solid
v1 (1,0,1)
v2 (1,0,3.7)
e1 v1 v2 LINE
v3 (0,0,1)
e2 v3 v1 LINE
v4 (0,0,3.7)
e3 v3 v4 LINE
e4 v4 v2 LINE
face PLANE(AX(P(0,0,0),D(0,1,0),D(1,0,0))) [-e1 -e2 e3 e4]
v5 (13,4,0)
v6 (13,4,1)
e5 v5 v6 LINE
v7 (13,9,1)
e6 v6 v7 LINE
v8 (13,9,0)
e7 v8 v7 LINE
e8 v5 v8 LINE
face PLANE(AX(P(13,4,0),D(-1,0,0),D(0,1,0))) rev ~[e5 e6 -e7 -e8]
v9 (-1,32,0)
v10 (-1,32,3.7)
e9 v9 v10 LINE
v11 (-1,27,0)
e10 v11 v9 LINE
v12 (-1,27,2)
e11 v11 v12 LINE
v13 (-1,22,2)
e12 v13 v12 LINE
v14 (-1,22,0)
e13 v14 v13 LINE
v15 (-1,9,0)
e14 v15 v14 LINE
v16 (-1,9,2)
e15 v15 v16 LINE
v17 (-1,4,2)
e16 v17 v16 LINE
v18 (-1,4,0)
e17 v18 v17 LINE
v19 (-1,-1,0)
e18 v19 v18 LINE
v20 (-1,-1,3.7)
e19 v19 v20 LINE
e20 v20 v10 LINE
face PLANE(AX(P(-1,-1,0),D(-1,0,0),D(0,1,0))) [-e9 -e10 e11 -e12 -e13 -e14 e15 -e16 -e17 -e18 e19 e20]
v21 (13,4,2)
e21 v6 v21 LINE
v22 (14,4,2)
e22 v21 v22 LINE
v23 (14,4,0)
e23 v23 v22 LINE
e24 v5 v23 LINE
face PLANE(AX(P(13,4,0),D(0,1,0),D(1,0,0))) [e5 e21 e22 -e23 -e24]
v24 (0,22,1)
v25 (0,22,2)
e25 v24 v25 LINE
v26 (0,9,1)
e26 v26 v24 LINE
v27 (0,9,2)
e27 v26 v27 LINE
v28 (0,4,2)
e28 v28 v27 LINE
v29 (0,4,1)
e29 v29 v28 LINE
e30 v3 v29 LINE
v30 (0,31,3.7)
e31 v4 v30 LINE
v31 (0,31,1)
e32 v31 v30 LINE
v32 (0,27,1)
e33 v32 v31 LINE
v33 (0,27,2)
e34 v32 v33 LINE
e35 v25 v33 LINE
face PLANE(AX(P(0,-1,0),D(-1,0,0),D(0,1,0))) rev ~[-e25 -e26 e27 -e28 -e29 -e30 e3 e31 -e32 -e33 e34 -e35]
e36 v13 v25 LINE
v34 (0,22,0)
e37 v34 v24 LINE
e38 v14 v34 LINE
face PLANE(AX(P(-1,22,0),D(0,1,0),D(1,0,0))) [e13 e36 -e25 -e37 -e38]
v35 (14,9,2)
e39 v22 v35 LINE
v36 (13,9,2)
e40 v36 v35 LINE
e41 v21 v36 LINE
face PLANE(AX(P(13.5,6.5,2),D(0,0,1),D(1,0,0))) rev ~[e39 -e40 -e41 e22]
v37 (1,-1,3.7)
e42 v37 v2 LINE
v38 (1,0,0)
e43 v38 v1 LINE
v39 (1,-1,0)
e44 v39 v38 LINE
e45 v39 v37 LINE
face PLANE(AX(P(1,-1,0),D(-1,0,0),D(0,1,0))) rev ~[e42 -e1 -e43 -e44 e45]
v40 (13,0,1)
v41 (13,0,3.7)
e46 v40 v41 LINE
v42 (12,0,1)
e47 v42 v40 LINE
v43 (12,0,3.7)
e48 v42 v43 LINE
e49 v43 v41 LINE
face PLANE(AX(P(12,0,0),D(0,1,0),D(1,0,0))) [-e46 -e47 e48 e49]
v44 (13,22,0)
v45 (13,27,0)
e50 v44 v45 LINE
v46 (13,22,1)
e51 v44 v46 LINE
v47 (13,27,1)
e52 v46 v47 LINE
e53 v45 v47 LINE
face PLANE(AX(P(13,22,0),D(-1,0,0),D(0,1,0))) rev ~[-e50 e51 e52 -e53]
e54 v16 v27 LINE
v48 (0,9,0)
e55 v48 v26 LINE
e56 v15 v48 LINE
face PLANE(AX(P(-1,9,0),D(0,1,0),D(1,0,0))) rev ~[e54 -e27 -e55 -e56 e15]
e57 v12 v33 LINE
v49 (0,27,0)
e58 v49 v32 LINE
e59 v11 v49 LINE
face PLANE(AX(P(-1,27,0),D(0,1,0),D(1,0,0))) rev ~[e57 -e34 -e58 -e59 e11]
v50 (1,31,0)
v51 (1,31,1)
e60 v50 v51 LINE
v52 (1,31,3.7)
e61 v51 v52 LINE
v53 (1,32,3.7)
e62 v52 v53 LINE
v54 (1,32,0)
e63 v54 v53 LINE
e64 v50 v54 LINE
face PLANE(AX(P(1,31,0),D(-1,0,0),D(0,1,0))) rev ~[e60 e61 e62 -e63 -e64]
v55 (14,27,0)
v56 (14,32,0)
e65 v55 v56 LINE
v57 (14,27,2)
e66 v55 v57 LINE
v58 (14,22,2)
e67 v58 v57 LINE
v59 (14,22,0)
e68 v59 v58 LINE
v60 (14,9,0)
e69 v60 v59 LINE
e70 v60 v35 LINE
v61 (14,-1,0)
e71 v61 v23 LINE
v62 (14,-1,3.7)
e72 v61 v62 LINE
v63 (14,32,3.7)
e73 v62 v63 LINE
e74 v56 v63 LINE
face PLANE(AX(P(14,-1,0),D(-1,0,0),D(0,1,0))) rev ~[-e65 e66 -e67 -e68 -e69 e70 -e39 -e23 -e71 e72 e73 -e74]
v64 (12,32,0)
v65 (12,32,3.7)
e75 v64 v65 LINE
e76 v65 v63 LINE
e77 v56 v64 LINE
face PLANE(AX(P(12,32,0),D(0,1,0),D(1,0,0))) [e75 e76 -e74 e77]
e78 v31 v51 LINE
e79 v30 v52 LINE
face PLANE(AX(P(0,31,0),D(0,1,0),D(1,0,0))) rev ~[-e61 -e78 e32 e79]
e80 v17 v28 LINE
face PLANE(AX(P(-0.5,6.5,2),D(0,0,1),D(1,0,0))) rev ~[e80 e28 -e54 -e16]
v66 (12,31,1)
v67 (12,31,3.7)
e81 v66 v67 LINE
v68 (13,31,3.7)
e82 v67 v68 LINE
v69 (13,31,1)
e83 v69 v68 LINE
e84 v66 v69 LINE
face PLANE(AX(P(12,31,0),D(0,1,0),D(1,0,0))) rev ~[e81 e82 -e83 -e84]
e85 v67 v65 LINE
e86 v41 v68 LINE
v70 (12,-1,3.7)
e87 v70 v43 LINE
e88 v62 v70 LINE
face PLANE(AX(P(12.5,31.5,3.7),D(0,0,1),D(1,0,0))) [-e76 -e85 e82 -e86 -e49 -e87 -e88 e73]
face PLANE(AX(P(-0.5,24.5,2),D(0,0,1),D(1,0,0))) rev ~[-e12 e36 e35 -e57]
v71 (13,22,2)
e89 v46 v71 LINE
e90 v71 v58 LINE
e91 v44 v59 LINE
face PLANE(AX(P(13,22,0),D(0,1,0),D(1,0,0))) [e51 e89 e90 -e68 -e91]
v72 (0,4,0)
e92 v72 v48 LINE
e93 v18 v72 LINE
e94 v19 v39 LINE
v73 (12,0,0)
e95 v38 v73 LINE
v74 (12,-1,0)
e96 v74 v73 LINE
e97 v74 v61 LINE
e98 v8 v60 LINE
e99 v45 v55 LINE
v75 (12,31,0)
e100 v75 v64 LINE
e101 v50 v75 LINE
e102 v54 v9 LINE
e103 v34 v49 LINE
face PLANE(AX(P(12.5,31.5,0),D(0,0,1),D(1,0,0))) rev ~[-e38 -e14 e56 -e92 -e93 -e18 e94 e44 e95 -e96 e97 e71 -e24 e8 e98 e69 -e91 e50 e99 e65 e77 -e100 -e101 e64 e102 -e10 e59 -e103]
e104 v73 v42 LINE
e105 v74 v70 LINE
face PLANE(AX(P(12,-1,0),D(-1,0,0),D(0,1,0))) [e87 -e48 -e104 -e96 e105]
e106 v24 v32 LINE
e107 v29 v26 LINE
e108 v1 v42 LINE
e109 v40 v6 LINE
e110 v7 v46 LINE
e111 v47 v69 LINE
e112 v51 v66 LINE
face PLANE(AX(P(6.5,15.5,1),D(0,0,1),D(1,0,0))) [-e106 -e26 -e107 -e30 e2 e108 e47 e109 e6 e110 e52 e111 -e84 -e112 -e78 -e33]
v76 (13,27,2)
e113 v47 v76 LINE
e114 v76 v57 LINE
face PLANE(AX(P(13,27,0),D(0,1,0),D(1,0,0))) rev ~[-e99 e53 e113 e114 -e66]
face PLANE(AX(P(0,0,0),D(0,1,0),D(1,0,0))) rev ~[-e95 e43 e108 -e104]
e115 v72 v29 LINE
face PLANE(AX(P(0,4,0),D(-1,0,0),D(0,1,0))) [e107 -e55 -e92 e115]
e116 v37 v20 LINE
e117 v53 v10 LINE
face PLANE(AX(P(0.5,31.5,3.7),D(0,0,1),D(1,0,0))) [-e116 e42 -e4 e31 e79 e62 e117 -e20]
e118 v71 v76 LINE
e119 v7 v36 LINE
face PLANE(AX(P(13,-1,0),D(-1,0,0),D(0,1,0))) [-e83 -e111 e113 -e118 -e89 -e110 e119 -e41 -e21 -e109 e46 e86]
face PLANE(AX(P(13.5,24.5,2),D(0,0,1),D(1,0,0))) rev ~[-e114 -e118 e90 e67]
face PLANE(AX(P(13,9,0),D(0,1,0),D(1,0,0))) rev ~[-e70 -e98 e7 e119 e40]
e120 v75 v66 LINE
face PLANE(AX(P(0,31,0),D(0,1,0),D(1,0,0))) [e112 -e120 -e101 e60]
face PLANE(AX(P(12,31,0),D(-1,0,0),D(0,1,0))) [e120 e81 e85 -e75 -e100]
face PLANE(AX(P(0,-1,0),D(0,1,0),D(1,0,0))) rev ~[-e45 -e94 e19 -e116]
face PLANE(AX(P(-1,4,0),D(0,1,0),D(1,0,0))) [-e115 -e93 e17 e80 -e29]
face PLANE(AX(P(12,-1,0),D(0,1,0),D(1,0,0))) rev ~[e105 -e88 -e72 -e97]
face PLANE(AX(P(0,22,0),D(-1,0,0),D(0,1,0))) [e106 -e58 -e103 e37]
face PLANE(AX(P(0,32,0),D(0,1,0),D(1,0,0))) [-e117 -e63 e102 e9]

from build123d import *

# Parameters (mm, degrees)
BOX012_W     = 1
BOX012_H     = 5
BOX012_DEPTH = 2
BOX011_W     = 1
BOX011_H     = 5
BOX011_DEPTH = 2
BOX010_W     = 1
BOX010_H     = 5
BOX010_DEPTH = 2
BOX013_W     = 1
BOX013_H     = 5
BOX013_DEPTH = 2
BOX001_W     = 1
BOX001_H     = 33
BOX001_DEPTH = 3.7
BOX002_W     = 1
BOX002_H     = 33
BOX002_DEPTH = 3.7
BOX004_W     = 1
BOX004_H     = 1
BOX004_DEPTH = 3.7
BOX003_W     = 1
BOX003_H     = 1
BOX003_DEPTH = 3.7
BOX005_W     = 1
BOX005_H     = 1
BOX005_DEPTH = 3.7
BOX006_W     = 1
BOX006_H     = 1
BOX006_DEPTH = 3.7
BOX_W        = 13
BOX_H        = 31
BOX_DEPTH    = 1


with BuildPart() as cube012:
    # Box012 → Box012 (new body)
    with BuildSketch(Plane(origin=(-1, 4, 0), x_dir=(1, 0, 0), z_dir=(0, 0, 1))):
        with Locations((0.5, 2.5)):
            Rectangle(BOX012_W, BOX012_H)
    extrude(amount=BOX012_DEPTH)


with BuildPart() as cube011:
    # Box011 → Box011 (new body)
    with BuildSketch(Plane(origin=(13, 22, 0), x_dir=(1, 0, 0), z_dir=(0, 0, 1))):
        with Locations((0.5, 2.5)):
            Rectangle(BOX011_W, BOX011_H)
    extrude(amount=BOX011_DEPTH)


with BuildPart() as cube010:
    # Box010 → Box010 (new body)
    with BuildSketch(Plane(origin=(13, 4, 0), x_dir=(1, 0, 0), z_dir=(0, 0, 1))):
        with Locations((0.5, 2.5)):
            Rectangle(BOX010_W, BOX010_H)
    extrude(amount=BOX010_DEPTH)


with BuildPart() as fusion:
    # Box013 → Box013 (new body)
    with BuildSketch(Plane(origin=(-1, 22, 0), x_dir=(1, 0, 0), z_dir=(0, 0, 1))):
        with Locations((0.5, 2.5)):
            Rectangle(BOX013_W, BOX013_H)
    extrude(amount=BOX013_DEPTH)

    # Fusion: union Cube012, Cube011, Cube010
    add(cube012.part)
    add(cube011.part)
    add(cube010.part)


with BuildPart() as cube001:
    # Box001 → Box001 (new body)
    with BuildSketch(Plane(origin=(-1, -1, 0), x_dir=(1, 0, 0), z_dir=(0, 0, 1))):
        with Locations((0.5, 16.5)):
            Rectangle(BOX001_W, BOX001_H)
    extrude(amount=BOX001_DEPTH)


with BuildPart() as cube002:
    # Box002 → Box002 (new body)
    with BuildSketch(Plane(origin=(13, -1, 0), x_dir=(1, 0, 0), z_dir=(0, 0, 1))):
        with Locations((0.5, 16.5)):
            Rectangle(BOX002_W, BOX002_H)
    extrude(amount=BOX002_DEPTH)


with BuildPart() as cube004:
    # Box004 → Box004 (new body)
    with BuildSketch(Plane(origin=(12, -1, 0), x_dir=(1, 0, 0), z_dir=(0, 0, 1))):
        with Locations((0.5, 0.5)):
            Rectangle(BOX004_W, BOX004_H)
    extrude(amount=BOX004_DEPTH)


with BuildPart() as cube003:
    # Box003 → Box003 (new body)
    with BuildSketch(Plane(origin=(0, -1, 0), x_dir=(1, 0, 0), z_dir=(0, 0, 1))):
        with Locations((0.5, 0.5)):
            Rectangle(BOX003_W, BOX003_H)
    extrude(amount=BOX003_DEPTH)


with BuildPart() as cube005:
    # Box005 → Box005 (new body)
    with BuildSketch(Plane(origin=(0, 31, 0), x_dir=(1, 0, 0), z_dir=(0, 0, 1))):
        with Locations((0.5, 0.5)):
            Rectangle(BOX005_W, BOX005_H)
    extrude(amount=BOX005_DEPTH)


with BuildPart() as cube006:
    # Box006 → Box006 (new body)
    with BuildSketch(Plane(origin=(12, 31, 0), x_dir=(1, 0, 0), z_dir=(0, 0, 1))):
        with Locations((0.5, 0.5)):
            Rectangle(BOX006_W, BOX006_H)
    extrude(amount=BOX006_DEPTH)


with BuildPart() as inner:
    # Box → Box (new body)
    with BuildSketch(Plane.XY):
        with Locations((6.5, 15.5)):
            Rectangle(BOX_W, BOX_H)
    extrude(amount=BOX_DEPTH)

    # Fusion001: union Cube001, Cube002, Cube004, Cube003, Cube005, Cube006
    add(cube001.part)
    add(cube002.part)
    add(cube004.part)
    add(cube003.part)
    add(cube005.part)
    add(cube006.part)

    # Cut: cut Fusion
    add(fusion.part, mode=Mode.SUBTRACT)


solid = inner.part
